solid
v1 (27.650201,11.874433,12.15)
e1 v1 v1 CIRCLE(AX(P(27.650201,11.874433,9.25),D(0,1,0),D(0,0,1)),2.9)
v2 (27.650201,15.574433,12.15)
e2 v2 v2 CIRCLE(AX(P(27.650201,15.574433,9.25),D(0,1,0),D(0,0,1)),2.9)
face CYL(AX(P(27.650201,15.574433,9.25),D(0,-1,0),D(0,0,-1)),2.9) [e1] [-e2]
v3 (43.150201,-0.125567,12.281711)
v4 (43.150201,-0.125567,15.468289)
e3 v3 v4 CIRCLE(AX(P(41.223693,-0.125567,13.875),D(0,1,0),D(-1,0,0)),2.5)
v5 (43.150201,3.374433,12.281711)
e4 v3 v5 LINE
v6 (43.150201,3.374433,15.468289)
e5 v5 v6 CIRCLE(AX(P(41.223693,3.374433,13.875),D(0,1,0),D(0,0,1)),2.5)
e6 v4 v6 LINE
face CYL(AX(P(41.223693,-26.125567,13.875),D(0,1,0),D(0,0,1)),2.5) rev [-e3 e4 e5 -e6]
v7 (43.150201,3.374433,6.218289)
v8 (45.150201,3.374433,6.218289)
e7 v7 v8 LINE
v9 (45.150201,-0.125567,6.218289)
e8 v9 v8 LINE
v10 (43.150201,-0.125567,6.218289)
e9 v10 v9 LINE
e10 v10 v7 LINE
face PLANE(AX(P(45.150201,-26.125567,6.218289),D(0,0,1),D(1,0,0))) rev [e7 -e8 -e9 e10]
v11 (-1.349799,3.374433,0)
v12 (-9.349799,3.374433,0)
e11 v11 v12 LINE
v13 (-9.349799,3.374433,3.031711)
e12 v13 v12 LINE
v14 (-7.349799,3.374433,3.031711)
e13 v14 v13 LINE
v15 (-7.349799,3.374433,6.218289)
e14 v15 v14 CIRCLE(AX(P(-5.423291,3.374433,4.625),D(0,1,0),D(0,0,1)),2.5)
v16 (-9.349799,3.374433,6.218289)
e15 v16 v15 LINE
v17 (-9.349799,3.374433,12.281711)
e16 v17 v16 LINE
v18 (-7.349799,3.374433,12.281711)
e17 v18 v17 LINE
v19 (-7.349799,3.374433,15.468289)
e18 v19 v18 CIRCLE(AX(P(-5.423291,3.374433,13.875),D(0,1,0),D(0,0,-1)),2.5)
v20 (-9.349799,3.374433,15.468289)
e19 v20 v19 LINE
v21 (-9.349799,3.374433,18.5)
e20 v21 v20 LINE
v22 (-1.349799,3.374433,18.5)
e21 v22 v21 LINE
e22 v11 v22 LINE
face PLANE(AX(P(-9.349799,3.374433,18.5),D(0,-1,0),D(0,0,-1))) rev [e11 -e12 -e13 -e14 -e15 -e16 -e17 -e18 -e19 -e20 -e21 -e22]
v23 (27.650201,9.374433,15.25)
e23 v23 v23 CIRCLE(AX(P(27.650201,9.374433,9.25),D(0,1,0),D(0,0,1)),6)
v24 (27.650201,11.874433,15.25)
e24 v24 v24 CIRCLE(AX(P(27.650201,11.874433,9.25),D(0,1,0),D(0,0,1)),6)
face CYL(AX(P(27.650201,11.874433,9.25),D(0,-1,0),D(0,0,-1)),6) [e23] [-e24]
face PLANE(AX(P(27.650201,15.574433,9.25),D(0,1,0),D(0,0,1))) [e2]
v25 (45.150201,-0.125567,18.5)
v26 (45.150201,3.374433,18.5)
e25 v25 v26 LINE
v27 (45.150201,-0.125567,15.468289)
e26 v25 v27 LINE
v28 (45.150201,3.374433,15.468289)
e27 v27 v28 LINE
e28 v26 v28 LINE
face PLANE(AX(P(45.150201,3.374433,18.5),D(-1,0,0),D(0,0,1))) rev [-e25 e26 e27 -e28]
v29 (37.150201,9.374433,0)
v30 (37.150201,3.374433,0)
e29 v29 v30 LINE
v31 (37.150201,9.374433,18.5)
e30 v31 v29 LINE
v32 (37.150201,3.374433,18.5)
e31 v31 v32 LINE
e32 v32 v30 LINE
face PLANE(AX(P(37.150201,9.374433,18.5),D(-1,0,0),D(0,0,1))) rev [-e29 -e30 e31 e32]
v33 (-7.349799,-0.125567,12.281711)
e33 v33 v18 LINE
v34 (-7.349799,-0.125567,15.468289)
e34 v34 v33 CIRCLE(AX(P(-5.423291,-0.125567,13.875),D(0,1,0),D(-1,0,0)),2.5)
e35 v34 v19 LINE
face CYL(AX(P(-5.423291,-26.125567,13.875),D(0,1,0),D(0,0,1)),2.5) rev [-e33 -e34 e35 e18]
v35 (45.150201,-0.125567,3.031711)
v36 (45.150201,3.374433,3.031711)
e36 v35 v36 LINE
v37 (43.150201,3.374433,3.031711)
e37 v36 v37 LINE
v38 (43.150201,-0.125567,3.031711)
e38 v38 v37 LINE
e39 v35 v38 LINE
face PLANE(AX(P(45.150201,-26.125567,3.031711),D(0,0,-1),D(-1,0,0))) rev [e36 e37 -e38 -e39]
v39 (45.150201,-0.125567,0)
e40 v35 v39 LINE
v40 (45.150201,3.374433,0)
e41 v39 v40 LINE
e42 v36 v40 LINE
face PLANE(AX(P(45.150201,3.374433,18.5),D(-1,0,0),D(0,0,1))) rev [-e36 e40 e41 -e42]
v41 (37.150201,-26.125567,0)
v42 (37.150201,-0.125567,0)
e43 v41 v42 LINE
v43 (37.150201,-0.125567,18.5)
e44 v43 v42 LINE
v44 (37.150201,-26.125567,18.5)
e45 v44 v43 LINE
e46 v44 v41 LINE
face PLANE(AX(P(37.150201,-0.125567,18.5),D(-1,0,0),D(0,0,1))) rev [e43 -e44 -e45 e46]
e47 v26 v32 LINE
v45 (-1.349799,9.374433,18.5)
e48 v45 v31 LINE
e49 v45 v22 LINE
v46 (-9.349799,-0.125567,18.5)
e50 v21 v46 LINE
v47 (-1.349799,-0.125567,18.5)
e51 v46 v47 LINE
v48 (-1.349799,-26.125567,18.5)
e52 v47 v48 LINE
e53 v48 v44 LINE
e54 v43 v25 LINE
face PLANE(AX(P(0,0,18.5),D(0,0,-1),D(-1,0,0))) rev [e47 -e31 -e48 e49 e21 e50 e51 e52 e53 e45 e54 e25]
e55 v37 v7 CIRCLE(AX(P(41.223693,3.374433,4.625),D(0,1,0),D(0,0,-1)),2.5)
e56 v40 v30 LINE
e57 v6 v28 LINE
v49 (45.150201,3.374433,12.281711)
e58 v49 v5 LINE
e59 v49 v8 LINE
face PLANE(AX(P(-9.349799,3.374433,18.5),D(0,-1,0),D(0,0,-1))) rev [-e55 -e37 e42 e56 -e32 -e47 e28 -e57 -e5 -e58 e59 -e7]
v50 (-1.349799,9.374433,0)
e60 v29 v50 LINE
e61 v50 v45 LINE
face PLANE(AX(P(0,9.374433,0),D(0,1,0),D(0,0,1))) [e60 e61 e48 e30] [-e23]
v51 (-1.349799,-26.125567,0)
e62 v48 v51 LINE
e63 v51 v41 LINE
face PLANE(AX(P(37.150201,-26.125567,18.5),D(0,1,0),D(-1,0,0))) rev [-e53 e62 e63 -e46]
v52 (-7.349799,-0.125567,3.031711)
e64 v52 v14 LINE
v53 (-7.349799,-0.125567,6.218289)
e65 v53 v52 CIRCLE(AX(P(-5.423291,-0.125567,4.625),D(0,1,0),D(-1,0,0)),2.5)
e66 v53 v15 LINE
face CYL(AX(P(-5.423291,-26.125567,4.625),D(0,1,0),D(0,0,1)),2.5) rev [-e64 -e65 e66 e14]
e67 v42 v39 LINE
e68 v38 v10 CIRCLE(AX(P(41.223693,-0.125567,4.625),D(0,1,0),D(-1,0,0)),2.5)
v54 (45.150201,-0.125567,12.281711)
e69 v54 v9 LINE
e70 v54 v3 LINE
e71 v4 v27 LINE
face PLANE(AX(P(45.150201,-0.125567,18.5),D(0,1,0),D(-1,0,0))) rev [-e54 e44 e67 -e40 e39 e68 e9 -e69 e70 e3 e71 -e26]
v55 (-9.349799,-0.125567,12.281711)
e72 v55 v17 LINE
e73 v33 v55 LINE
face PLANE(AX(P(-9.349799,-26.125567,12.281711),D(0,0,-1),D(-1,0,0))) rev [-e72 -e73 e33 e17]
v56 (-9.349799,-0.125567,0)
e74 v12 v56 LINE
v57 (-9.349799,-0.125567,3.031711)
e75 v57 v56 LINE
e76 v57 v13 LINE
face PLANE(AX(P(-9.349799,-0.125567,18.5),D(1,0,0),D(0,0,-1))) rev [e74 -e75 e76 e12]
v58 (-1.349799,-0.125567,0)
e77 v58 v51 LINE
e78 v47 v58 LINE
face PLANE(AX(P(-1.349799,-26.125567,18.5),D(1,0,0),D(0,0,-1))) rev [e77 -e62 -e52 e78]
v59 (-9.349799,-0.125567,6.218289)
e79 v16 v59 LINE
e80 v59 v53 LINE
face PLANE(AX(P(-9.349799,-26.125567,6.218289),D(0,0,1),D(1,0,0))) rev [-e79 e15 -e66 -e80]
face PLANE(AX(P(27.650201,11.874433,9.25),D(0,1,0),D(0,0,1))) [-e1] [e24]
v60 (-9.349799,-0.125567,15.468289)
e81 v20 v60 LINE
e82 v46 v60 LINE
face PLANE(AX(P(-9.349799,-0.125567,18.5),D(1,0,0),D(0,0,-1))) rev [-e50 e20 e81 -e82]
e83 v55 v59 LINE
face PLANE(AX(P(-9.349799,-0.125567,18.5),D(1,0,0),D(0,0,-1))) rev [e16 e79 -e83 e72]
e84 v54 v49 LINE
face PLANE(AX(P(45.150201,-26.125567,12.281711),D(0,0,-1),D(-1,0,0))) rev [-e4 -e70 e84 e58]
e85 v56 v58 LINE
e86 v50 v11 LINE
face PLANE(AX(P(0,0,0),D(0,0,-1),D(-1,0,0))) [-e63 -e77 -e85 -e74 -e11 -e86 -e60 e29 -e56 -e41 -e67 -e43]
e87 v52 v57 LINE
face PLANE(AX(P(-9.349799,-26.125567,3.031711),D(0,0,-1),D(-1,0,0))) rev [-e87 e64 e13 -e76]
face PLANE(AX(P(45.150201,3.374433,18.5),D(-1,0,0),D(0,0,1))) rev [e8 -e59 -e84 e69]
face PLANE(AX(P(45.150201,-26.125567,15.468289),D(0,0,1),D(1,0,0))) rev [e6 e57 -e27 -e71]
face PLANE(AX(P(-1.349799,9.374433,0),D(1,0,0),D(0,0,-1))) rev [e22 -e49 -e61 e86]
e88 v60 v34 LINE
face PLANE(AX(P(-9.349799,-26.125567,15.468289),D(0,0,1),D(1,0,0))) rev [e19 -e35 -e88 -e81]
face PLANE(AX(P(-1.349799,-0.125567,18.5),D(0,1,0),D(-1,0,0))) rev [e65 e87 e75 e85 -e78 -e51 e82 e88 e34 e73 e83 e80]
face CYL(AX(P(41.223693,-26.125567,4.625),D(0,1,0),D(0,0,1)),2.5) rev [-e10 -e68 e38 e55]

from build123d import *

# Parameters (mm, degrees)
BOSS_EXTRU_1_DEPTH      = 18.5
ENL_V_MAT_EXTRU_1_DEPTH = 58.017897583
ESQUISSE4_W             = 38.5
ESQUISSE4_H             = 18.5
BOSS_EXTRU_2_DEPTH      = 6
ESQUISSE6_R             = 6
BOSS_EXTRU_3_DEPTH      = 2.5
ESQUISSE7_R             = 2.9
BOSS_EXTRU_4_DEPTH      = 3.7


with BuildPart() as part:
    # Esquisse2 → Boss.-Extru.1 (new body)
    with BuildSketch(Plane.XY):
        Polygon((-9.349799062, -0.125566913), (-9.349799062, 3.374433087), (45.150200938, 3.374433087), (45.150200938, -0.125566913), (37.150200938, -0.125566913), (37.150200938, -26.125566913), (-1.349799062, -26.125566913), (-1.349799062, -0.125566913), align=None)
    extrude(amount=BOSS_EXTRU_1_DEPTH)

    # Esquisse3 → Enlèv. mat.-Extru.1 (cut, through all)
    with BuildSketch(Plane(origin=(0, 3.374433087, 0), x_dir=(1, 0, 0), z_dir=(0, 1, 0))):
        with BuildLine():
            Line((-9.349799062, -15.468288585), (-7.349799062, -15.468288585))
            ThreePointArc((-7.349799062, -15.468288585), (-2.923291475, -13.875), (-7.349799062, -12.281711415))
            Line((-7.349799062, -12.281711415), (-9.349799062, -12.281711415))
            Line((-9.349799062, -12.281711415), (-9.349799062, -15.468288585))
        make_face()
        with BuildLine():
            Line((45.150200938, -12.281711415), (43.150200938, -12.281711415))
            ThreePointArc((43.150200938, -12.281711415), (38.723693351, -13.875), (43.150200938, -15.468288585))
            Line((43.150200938, -15.468288585), (45.150200938, -15.468288585))
            Line((45.150200938, -15.468288585), (45.150200938, -12.281711415))
        make_face()
        with BuildLine():
            Line((-9.349799062, -6.218288585), (-7.349799062, -6.218288585))
            ThreePointArc((-7.349799062, -6.218288585), (-2.923291475, -4.625), (-7.349799062, -3.031711415))
            Line((-7.349799062, -3.031711415), (-9.349799062, -3.031711415))
            Line((-9.349799062, -3.031711415), (-9.349799062, -6.218288585))
        make_face()
        with BuildLine():
            Line((45.150200938, -3.031711415), (43.150200938, -3.031711415))
            ThreePointArc((43.150200938, -3.031711415), (38.723693351, -4.625), (43.150200938, -6.218288585))
            Line((43.150200938, -6.218288585), (45.150200938, -6.218288585))
            Line((45.150200938, -6.218288585), (45.150200938, -3.031711415))
        make_face()
    extrude(amount=-ENL_V_MAT_EXTRU_1_DEPTH, mode=Mode.SUBTRACT)

    # Esquisse4 → Boss.-Extru.2 (add)
    with BuildSketch(Plane(origin=(0, 3.374433087, 0), x_dir=(1, 0, 0), z_dir=(0, 1, 0))):
        with Locations((17.900200938, -9.25)):
            Rectangle(ESQUISSE4_W, ESQUISSE4_H)
    extrude(amount=BOSS_EXTRU_2_DEPTH)

    # Esquisse6 → Boss.-Extru.3 (add)
    with BuildSketch(Plane(origin=(0, 9.374433087, 0), x_dir=(1, 0, 0), z_dir=(0, 1, 0))):
        with Locations(Location((27.650200938, -9.25, 0), (0, 0, 270))):
            Circle(ESQUISSE6_R)
    extrude(amount=BOSS_EXTRU_3_DEPTH)

    # Esquisse7 → Boss.-Extru.4 (add)
    with BuildSketch(Plane(origin=(0, 11.874433087, 0), x_dir=(1, 0, 0), z_dir=(0, 1, 0))):
        with Locations(Location((27.650200938, -9.25, 0), (0, 0, 270))):
            Circle(ESQUISSE7_R)
    extrude(amount=BOSS_EXTRU_4_DEPTH)


solid = part.part
